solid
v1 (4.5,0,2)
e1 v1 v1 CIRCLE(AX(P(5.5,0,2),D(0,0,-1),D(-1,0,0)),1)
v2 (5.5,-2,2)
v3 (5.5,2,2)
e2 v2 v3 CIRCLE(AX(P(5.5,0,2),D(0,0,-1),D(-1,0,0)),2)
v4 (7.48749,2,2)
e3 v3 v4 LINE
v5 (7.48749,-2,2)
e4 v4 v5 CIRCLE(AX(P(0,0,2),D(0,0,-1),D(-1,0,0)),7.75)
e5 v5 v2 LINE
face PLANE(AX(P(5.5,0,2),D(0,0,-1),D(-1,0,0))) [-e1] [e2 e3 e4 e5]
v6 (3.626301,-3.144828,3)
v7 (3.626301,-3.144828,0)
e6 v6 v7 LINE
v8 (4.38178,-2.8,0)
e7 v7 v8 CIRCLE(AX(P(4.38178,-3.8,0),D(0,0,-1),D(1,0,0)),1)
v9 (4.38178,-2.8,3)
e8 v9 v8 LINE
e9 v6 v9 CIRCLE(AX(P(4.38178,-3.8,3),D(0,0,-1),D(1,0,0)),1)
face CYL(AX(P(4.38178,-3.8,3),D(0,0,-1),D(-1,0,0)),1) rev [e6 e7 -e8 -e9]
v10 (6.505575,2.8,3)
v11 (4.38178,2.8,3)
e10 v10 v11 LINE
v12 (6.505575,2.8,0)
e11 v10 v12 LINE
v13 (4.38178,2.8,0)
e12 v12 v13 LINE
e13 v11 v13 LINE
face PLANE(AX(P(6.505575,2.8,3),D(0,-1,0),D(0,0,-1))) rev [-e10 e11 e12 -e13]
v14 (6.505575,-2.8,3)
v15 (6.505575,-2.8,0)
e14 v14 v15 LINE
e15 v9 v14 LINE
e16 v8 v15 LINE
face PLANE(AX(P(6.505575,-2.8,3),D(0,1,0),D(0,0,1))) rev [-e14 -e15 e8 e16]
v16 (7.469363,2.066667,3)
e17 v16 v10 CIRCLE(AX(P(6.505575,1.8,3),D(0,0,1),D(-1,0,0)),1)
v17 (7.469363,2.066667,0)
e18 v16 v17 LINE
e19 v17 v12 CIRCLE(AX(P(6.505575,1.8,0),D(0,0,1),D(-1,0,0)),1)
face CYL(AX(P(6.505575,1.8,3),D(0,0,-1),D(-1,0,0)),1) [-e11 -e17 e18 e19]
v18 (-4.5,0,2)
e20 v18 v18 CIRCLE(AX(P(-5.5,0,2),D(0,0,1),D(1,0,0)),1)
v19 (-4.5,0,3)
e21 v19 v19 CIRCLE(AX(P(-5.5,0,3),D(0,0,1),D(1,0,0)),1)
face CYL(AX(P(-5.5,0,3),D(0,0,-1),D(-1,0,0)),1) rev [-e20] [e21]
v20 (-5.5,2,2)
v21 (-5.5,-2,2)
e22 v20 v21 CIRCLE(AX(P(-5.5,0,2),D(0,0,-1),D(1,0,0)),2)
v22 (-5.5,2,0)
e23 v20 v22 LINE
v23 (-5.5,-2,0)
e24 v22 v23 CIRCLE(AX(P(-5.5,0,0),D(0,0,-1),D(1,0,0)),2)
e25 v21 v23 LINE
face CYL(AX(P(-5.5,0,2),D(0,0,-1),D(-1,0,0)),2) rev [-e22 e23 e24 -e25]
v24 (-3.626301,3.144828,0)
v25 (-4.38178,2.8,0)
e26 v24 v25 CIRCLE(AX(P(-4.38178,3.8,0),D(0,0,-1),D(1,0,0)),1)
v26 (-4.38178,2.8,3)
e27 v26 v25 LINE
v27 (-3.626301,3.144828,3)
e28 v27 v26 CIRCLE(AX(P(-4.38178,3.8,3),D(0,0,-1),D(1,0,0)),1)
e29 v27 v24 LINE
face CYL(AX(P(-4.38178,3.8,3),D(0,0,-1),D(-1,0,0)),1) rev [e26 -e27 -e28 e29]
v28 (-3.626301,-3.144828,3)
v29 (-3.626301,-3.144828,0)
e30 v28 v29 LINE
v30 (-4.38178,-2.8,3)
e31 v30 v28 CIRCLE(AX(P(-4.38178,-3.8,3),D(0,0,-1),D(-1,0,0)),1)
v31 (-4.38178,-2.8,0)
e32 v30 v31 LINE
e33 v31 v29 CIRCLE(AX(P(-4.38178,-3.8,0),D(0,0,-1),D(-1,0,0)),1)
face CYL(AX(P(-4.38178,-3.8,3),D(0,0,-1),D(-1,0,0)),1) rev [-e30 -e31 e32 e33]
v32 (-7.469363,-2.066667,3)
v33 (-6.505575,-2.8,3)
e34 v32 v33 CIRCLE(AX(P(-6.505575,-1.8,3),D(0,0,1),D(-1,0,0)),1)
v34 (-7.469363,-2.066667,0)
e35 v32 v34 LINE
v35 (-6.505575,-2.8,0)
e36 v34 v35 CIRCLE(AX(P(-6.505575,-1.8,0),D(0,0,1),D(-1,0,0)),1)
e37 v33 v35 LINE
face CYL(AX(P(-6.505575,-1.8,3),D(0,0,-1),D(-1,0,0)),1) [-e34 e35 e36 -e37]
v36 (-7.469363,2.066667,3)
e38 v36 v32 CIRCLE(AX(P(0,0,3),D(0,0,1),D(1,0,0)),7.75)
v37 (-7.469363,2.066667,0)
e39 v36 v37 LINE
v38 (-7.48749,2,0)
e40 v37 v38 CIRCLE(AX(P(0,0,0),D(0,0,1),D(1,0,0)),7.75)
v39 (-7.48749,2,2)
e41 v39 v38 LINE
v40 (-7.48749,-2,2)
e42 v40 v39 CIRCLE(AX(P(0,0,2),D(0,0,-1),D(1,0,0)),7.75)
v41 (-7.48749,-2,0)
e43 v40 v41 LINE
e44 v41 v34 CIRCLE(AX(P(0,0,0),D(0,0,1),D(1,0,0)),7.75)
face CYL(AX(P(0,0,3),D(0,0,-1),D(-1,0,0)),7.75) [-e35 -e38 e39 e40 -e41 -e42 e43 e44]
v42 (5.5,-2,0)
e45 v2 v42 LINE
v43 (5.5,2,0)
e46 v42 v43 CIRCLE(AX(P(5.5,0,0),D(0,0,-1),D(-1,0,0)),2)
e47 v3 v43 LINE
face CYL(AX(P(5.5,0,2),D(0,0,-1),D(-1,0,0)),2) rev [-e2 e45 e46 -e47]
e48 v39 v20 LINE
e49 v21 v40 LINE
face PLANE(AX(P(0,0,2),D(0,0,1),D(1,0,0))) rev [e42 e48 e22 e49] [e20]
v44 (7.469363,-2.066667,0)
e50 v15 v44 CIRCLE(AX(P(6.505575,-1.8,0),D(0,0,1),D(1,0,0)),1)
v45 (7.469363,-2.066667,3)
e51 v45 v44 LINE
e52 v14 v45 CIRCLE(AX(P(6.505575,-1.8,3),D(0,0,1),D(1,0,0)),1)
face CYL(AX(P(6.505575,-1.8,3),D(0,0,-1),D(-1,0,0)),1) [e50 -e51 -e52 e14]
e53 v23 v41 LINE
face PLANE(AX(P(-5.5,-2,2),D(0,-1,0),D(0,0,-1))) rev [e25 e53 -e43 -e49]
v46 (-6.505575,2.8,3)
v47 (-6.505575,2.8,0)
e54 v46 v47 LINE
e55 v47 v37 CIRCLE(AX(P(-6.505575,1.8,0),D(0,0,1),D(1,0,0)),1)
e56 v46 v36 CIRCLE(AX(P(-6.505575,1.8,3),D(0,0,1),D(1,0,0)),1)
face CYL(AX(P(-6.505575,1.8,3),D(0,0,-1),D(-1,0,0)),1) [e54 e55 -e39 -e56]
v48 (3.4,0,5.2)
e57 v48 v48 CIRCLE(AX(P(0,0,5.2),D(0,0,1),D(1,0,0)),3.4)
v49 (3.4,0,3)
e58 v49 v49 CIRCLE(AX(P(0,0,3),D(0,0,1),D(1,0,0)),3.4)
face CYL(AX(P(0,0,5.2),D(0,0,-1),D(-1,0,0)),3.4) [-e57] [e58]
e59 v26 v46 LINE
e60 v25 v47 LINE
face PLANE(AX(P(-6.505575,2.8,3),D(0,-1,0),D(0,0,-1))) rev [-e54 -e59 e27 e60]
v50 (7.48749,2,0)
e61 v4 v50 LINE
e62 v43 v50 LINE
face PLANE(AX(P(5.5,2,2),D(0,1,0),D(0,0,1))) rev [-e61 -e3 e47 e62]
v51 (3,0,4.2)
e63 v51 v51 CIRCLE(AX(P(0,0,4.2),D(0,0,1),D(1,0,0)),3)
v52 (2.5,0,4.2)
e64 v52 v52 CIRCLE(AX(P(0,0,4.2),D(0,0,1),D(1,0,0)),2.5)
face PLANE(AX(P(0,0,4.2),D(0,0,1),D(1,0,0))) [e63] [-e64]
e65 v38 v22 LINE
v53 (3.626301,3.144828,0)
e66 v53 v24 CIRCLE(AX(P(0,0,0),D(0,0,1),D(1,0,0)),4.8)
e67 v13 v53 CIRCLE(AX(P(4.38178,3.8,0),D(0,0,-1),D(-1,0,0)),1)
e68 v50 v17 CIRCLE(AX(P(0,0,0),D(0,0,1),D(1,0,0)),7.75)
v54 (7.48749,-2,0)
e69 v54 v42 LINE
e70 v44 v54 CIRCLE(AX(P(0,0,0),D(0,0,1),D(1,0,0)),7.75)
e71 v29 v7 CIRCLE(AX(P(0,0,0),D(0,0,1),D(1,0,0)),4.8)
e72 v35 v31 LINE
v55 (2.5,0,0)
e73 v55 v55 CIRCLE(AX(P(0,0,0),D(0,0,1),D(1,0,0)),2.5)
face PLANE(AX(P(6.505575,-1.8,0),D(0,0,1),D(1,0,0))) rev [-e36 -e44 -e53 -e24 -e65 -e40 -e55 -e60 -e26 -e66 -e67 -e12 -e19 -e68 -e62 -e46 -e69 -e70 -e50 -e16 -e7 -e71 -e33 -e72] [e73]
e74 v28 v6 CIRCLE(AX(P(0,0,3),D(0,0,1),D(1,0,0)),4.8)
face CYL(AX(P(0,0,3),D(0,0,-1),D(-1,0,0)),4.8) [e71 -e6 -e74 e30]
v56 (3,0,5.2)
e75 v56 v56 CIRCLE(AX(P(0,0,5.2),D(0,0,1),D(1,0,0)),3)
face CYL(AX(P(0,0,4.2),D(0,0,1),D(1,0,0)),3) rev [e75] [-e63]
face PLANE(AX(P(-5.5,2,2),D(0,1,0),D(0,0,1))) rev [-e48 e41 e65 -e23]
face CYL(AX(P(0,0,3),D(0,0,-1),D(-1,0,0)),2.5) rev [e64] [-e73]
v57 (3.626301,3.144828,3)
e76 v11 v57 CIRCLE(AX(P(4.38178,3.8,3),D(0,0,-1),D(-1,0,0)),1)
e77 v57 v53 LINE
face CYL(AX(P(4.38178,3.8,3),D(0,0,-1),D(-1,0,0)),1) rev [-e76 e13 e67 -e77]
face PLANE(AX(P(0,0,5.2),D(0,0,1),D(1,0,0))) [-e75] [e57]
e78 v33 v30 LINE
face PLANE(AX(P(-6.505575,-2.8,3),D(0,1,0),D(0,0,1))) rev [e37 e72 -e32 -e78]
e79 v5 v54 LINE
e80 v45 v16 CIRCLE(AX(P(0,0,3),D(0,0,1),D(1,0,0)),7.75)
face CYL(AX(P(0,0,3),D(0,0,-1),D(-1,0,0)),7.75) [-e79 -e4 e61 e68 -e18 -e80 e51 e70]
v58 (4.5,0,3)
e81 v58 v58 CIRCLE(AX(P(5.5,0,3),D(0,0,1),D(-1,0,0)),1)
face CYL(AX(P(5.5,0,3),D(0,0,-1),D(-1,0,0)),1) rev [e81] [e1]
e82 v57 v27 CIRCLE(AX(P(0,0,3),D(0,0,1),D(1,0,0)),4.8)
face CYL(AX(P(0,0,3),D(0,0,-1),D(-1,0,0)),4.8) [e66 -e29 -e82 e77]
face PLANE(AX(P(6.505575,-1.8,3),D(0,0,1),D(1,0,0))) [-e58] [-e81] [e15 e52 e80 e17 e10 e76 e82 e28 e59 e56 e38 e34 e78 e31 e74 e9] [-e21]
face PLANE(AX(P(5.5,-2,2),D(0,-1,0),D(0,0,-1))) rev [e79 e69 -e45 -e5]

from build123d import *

# Parameters (mm, degrees)
SKETCH_1_R          = 2.5
SKETCH_1_R_2        = 1
EXTRUDE_1_DEPTH     = 3
SKETCH_2_R          = 3.4
SKETCH_2_R_2        = 2.5
EXTRUDE_2_DEPTH     = 2.2
CUT_EXTRUDE_1_DEPTH = 2
SKETCH_5_R          = 3
CUT_EXTRUDE_2_DEPTH = 1


with BuildPart() as part:
    # 草图1 → 凸台-拉伸1 (new body)
    with BuildSketch(Plane.XY):
        with BuildLine():
            Line((-6.505574533, 2.8), (-4.38178046, 2.8))
            ThreePointArc((-4.38178046, 2.8), (-3.966553061, 2.890282348), (-3.62630107, 3.144827586))
            ThreePointArc((-3.62630107, 3.144827586), (0, 4.8), (3.62630107, 3.144827586))
            ThreePointArc((3.62630107, 3.144827586), (3.966553061, 2.890282348), (4.38178046, 2.8))
            Line((4.38178046, 2.8), (6.505574533, 2.8))
            ThreePointArc((6.505574533, 2.8), (7.111104603, 2.595822426), (7.469363352, 2.066666667))
            ThreePointArc((7.469363352, 2.066666667), (7.75, 0), (7.469363352, -2.066666667))
            ThreePointArc((7.469363352, -2.066666667), (7.111104603, -2.595822426), (6.505574533, -2.8))
            Line((6.505574533, -2.8), (4.38178046, -2.8))
            ThreePointArc((4.38178046, -2.8), (3.966553061, -2.890282348), (3.62630107, -3.144827586))
            ThreePointArc((3.62630107, -3.144827586), (0, -4.8), (-3.62630107, -3.144827586))
            ThreePointArc((-3.62630107, -3.144827586), (-3.966553061, -2.890282348), (-4.38178046, -2.8))
            Line((-4.38178046, -2.8), (-6.505574533, -2.8))
            ThreePointArc((-6.505574533, -2.8), (-7.111104603, -2.595822426), (-7.469363352, -2.066666667))
            ThreePointArc((-7.469363352, -2.066666667), (-7.75, 0), (-7.469363352, 2.066666667))
            ThreePointArc((-7.469363352, 2.066666667), (-7.111104603, 2.595822426), (-6.505574533, 2.8))
        make_face()
        Circle(SKETCH_1_R, mode=Mode.SUBTRACT)
        with Locations((-5.5, 0)):
            Circle(SKETCH_1_R_2, mode=Mode.SUBTRACT)
        with Locations(Location((5.5, 0, 0), (0, 0, 180))):
            Circle(SKETCH_1_R_2, mode=Mode.SUBTRACT)
    extrude(amount=EXTRUDE_1_DEPTH)

    # 草图2 → 凸台-拉伸2 (add)
    with BuildSketch(Plane.XY.offset(3)):
        Circle(SKETCH_2_R)
        Circle(SKETCH_2_R_2, mode=Mode.SUBTRACT)
    extrude(amount=EXTRUDE_2_DEPTH)

    # 草图4 → 切除-拉伸1 (cut)
    with BuildSketch(Plane(origin=(0, 0, 0), x_dir=(-1, 0, 0), z_dir=(0, 0, -1))):
        with BuildLine():
            Line((-5.5, 2), (-7.487489566, 2))
            ThreePointArc((-7.487489566, 2), (-7.75, 0), (-7.487489566, -2))
            Line((-7.487489566, -2), (-5.5, -2))
            ThreePointArc((-5.5, -2), (-3.5, 0), (-5.5, 2))
        make_face()
        with BuildLine():
            Line((5.5, -2), (7.487489566, -2))
            ThreePointArc((7.487489566, -2), (7.75, 0), (7.487489566, 2))
            Line((7.487489566, 2), (5.5, 2))
            ThreePointArc((5.5, 2), (3.5, 0), (5.5, -2))
        make_face()
    extrude(amount=-CUT_EXTRUDE_1_DEPTH, mode=Mode.SUBTRACT)

    # 草图5 → 切除-拉伸2 (cut)
    with BuildSketch(Plane.XY.offset(5.2)):
        Circle(SKETCH_5_R)
    extrude(amount=-CUT_EXTRUDE_2_DEPTH, mode=Mode.SUBTRACT)


solid = part.part
